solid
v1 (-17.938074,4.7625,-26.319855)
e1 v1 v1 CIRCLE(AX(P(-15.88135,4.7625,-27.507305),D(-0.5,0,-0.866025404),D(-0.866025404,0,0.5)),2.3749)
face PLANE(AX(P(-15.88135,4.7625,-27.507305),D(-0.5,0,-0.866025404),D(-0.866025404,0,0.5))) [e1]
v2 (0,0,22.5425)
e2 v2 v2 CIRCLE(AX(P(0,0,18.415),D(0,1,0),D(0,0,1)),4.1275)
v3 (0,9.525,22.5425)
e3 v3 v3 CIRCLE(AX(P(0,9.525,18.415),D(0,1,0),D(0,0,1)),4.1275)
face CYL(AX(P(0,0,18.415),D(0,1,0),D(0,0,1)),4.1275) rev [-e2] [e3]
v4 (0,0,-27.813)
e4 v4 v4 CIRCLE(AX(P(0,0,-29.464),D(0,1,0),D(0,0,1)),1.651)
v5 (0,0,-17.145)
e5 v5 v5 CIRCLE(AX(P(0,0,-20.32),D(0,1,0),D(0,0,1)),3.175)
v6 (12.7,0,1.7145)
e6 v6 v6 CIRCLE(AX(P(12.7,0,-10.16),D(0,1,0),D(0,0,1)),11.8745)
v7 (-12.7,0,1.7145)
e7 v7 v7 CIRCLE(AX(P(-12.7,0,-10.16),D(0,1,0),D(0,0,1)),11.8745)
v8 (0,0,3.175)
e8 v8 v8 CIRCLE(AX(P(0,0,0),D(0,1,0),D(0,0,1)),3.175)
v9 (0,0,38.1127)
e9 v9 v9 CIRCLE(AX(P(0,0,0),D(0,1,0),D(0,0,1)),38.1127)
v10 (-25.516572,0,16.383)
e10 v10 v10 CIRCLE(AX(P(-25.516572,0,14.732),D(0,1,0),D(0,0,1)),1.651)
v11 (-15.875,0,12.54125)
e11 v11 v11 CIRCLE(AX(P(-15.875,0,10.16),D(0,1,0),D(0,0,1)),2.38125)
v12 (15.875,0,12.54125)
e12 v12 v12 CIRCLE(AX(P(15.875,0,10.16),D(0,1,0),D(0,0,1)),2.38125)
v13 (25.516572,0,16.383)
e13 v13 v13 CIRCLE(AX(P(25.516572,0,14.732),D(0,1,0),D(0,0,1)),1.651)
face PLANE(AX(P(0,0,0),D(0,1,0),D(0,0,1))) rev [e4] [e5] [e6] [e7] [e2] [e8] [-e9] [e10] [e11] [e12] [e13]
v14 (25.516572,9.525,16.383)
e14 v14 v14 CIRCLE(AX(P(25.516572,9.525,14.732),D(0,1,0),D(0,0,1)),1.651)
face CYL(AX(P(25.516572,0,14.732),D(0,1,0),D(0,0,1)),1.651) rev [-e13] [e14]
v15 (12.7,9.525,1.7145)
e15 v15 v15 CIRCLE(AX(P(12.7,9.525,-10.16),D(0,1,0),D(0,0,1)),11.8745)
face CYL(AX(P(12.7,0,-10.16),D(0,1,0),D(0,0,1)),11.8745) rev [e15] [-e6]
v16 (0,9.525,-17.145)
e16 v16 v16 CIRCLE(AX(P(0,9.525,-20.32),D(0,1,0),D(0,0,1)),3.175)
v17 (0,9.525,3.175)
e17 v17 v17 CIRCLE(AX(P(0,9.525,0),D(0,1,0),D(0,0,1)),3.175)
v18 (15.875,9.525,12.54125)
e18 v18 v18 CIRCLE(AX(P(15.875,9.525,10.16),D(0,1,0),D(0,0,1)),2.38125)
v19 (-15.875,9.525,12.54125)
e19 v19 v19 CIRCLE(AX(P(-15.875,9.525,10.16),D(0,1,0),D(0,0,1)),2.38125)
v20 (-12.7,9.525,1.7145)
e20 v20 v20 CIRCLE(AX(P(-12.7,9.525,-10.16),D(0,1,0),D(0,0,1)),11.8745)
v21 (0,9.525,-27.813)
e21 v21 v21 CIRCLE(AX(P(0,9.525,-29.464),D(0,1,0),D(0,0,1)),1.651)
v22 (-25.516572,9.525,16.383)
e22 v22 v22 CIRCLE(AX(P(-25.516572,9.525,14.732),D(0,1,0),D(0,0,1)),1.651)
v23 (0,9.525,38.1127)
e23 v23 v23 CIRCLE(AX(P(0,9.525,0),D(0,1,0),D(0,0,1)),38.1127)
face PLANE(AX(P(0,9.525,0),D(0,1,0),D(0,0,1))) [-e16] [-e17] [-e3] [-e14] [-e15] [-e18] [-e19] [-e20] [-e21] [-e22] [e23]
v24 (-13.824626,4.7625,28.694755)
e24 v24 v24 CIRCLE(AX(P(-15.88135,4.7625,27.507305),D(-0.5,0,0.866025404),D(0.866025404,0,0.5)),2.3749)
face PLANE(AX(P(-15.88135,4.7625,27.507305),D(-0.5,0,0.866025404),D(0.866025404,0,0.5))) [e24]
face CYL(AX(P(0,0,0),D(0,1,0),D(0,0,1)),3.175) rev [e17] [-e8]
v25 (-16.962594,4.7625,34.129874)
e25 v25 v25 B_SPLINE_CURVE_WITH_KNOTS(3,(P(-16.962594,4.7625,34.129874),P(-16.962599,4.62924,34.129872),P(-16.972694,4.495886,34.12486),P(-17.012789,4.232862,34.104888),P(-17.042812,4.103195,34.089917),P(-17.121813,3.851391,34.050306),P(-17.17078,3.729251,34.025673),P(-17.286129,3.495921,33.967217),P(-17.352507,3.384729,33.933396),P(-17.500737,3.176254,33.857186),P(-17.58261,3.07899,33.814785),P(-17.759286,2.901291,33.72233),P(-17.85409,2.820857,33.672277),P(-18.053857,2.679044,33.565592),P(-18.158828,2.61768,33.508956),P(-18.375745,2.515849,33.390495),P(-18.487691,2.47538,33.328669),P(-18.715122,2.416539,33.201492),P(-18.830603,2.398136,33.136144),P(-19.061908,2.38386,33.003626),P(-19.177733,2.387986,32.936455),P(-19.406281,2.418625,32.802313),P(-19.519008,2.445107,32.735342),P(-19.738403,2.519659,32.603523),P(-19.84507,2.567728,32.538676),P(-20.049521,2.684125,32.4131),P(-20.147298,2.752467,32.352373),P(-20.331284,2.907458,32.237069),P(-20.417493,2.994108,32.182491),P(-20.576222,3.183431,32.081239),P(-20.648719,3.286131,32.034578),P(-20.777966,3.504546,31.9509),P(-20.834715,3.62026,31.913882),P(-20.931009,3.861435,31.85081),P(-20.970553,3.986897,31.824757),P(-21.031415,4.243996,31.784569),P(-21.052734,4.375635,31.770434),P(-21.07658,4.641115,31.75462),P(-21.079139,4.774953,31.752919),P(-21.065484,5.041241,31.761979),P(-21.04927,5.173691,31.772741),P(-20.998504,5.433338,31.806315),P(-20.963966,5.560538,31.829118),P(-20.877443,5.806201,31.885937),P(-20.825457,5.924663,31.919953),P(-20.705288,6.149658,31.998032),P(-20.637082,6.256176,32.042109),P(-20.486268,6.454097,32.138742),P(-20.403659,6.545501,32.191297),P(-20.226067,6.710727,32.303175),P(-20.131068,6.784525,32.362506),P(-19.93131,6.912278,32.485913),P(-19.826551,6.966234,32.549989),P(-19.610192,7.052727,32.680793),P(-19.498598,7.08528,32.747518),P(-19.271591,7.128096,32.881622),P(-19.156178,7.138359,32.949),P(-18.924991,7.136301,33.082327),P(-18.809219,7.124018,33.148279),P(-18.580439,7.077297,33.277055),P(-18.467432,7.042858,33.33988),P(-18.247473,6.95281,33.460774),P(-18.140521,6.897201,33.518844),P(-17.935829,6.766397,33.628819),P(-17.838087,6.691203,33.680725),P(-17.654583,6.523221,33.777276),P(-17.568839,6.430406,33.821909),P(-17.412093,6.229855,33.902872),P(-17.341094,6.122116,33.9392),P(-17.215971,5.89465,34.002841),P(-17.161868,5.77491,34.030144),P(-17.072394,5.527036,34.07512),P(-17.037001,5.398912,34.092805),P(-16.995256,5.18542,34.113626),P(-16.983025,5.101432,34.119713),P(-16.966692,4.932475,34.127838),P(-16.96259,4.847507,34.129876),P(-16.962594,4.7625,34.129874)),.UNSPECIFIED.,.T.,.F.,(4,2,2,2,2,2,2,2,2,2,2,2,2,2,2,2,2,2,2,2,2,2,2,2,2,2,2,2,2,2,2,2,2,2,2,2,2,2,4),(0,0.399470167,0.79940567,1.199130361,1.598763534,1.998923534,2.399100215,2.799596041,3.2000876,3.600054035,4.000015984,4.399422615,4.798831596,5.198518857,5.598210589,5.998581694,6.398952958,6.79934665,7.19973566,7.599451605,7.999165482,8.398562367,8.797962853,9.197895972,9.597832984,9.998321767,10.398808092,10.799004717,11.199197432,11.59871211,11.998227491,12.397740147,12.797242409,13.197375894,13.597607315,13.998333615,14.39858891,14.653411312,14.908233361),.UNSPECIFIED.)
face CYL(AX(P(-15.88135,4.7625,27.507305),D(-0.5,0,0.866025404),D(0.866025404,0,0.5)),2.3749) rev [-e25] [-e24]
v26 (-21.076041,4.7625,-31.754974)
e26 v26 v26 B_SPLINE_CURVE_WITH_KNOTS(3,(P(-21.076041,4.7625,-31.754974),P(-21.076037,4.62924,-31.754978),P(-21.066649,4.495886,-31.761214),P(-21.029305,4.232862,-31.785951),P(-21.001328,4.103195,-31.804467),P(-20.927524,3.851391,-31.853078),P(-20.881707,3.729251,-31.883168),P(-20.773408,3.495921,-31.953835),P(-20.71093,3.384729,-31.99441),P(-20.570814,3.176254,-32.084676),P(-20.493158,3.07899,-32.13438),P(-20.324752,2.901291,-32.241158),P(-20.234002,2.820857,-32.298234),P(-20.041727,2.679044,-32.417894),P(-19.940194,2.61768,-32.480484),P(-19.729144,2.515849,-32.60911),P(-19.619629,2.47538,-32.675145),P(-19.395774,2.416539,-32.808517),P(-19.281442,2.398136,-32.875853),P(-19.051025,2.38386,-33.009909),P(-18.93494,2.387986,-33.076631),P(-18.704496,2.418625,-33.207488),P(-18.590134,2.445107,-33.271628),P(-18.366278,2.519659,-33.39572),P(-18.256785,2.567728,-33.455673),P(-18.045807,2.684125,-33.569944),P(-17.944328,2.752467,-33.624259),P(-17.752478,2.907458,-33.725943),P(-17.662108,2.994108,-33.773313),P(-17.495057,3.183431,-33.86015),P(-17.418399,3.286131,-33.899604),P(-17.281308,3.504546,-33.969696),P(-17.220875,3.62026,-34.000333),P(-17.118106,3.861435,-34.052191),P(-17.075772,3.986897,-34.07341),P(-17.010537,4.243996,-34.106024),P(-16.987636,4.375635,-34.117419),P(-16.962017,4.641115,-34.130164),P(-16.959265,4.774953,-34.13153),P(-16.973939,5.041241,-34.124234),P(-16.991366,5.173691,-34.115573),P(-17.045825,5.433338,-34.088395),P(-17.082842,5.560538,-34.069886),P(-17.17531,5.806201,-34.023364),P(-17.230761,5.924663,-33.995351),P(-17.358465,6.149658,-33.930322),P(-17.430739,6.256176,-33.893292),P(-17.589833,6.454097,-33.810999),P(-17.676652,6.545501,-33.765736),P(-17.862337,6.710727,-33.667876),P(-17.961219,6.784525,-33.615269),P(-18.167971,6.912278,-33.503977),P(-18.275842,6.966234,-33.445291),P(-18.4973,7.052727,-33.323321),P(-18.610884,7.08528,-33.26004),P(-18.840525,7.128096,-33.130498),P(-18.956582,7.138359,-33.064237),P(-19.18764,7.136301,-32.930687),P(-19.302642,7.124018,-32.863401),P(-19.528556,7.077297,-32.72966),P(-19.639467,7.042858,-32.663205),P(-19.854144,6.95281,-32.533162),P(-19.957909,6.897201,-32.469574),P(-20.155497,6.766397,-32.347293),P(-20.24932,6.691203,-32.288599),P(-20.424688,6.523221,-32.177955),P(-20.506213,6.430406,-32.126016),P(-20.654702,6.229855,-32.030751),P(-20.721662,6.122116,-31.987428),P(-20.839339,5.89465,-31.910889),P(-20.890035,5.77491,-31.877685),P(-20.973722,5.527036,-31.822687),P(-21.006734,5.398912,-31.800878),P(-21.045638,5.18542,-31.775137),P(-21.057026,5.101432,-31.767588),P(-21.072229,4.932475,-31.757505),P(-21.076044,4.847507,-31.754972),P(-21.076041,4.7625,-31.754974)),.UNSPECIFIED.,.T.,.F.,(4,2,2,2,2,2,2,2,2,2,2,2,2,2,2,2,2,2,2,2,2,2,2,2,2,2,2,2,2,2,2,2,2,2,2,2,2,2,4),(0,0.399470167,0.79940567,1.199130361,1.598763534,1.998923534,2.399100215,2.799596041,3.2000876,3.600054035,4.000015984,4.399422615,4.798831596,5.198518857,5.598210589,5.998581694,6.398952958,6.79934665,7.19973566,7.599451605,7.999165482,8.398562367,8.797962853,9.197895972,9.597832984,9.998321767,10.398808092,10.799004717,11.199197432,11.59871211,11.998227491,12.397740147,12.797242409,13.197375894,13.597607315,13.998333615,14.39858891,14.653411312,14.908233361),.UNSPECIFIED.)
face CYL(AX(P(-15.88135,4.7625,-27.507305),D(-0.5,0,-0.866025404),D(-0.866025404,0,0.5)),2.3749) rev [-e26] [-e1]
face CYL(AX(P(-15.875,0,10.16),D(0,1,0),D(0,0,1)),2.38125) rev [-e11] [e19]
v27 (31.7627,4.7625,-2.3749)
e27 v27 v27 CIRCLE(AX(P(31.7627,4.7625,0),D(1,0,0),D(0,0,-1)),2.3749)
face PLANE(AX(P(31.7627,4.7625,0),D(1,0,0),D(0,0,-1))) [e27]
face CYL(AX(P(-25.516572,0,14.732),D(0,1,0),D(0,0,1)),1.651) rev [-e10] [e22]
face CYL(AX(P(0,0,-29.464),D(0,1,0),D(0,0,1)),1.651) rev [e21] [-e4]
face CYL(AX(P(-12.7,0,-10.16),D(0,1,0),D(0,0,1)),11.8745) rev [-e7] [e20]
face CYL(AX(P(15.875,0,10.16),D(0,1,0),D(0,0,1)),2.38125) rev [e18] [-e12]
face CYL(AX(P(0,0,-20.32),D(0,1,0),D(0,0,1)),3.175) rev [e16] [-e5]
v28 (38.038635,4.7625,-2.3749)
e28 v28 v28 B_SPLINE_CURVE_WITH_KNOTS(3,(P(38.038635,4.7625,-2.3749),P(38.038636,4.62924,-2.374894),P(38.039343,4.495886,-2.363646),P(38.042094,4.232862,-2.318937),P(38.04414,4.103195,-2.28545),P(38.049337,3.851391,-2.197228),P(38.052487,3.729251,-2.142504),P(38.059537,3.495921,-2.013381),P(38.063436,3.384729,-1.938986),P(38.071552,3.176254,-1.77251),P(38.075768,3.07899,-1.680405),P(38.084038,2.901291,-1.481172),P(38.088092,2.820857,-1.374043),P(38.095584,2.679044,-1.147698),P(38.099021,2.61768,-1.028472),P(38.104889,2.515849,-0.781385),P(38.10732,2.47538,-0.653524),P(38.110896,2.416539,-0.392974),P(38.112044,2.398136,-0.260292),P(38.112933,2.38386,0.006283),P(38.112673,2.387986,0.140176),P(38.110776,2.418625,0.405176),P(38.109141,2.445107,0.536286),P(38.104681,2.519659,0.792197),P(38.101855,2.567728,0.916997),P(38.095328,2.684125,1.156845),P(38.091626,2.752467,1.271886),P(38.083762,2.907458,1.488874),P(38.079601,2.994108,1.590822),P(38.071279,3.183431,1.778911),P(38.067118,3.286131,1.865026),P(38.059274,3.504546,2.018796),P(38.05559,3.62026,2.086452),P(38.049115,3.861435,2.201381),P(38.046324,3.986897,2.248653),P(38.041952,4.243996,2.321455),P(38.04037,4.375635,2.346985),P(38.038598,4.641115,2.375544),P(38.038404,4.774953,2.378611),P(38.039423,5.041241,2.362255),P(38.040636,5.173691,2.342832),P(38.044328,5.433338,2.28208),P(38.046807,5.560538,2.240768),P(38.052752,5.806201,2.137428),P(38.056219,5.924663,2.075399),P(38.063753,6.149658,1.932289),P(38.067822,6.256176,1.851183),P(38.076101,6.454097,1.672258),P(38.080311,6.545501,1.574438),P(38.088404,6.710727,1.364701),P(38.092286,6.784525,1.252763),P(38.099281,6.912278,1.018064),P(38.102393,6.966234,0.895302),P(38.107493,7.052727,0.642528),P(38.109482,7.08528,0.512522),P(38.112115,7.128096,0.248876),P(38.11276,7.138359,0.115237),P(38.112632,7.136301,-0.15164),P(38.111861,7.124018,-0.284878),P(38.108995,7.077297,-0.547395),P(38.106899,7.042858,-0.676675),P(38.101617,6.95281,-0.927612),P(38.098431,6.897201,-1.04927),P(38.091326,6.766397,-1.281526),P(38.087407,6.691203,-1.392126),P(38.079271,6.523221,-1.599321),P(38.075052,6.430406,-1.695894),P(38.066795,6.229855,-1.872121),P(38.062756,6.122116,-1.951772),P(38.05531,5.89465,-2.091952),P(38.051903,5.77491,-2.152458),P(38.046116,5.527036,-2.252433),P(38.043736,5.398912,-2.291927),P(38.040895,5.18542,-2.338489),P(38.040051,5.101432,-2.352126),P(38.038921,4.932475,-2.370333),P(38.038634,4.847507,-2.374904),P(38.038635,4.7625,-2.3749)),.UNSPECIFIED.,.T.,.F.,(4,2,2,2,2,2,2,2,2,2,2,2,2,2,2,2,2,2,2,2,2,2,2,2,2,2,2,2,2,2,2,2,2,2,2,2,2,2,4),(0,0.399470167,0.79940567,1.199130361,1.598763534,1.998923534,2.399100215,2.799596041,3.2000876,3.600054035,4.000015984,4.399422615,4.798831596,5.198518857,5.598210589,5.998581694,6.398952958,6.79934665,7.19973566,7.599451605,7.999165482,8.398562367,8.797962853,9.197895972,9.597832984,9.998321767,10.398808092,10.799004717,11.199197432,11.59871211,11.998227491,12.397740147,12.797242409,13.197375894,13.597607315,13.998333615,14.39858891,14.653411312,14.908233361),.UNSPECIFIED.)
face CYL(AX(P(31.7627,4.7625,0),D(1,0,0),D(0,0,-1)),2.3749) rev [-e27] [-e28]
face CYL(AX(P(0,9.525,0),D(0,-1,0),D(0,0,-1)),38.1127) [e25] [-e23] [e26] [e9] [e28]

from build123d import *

# Parameters (mm, degrees)
SKETCH1_R               = 38.1127
BOSS_EXTRUDE1_DEPTH     = 9.525
SKETCH2_R               = 1.651
SKETCH2_R_2             = 4.1275
SKETCH2_R_3             = 11.8745
SKETCH2_R_4             = 3.175
CUT_EXTRUDE1_DEPTH      = 55.734645587
SKETCH4_R               = 2.3749
CUT_EXTRUDE2_DEPTH      = 6.35
CIRPATTERN1_COUNT       = 3
CUT_EXTRUDE3_DEPTH      = 55.734645744
CUT_EXTRUDE3_DEPTH_BACK = 55.734645744
SKETCH5_R               = 2.38125


with BuildPart() as part:
    # Sketch1 → Boss-Extrude1 (new body)
    with BuildSketch(Plane(origin=(0, 0, 0), x_dir=(1, 0, 0), z_dir=(0, 1, 0))):
        Circle(SKETCH1_R)
    extrude(amount=BOSS_EXTRUDE1_DEPTH)

    # Sketch2 → Cut-Extrude1 (cut, through all)
    with BuildSketch(Plane(origin=(0, 9.525, 0), x_dir=(1, 0, 0), z_dir=(0, 1, 0))):
        with Locations((0, 29.464)):
            Circle(SKETCH2_R)
        with Locations((25.516572497, -14.732)):
            Circle(SKETCH2_R)
        with Locations((-25.516572497, -14.732)):
            Circle(SKETCH2_R)
        with Locations((0, -18.415)):
            Circle(SKETCH2_R_2)
        with Locations((-12.7, 10.16)):
            Circle(SKETCH2_R_3)
        with Locations((12.7, 10.16)):
            Circle(SKETCH2_R_3)
        with Locations((0, 20.32)):
            Circle(SKETCH2_R_4)
        Circle(SKETCH2_R_4)
    extrude(amount=-CUT_EXTRUDE1_DEPTH, mode=Mode.SUBTRACT)

    # Sketch4 → Cut-Extrude2 (cut)
    with BuildSketch(Plane(origin=(-19.05635, 0, -33.006566407), x_dir=(0, -1, 0), z_dir=(-0.499999999999998, 0, -0.8660254037844398))):
        with Locations((-4.7625, 0)):
            Circle(SKETCH4_R)
    cut_extrude2 = extrude(amount=-CUT_EXTRUDE2_DEPTH, mode=Mode.SUBTRACT)

    # CirPattern1: Cut-Extrude2 ×3 about axis
    cirpattern1_axis = Axis((0, 10.00125, 0), (0, -1, 0))
    for i in range(1, CIRPATTERN1_COUNT):
        add(cut_extrude2.rotate(cirpattern1_axis, i * 360 / CIRPATTERN1_COUNT), mode=Mode.SUBTRACT)

    # Sketch5 → Cut-Extrude3 (cut, two sides: drawn at the far end of the back side and taken through both)
    with BuildSketch(Plane(origin=(0, 9.525, 0), x_dir=(1, 0, 0), z_dir=(0, 1, 0)).offset(-CUT_EXTRUDE3_DEPTH_BACK)):
        with Locations((-15.875, -10.16)):
            Circle(SKETCH5_R)
        with Locations((15.875, -10.16)):
            Circle(SKETCH5_R)
    extrude(amount=CUT_EXTRUDE3_DEPTH + CUT_EXTRUDE3_DEPTH_BACK, mode=Mode.SUBTRACT)


solid = part.part
